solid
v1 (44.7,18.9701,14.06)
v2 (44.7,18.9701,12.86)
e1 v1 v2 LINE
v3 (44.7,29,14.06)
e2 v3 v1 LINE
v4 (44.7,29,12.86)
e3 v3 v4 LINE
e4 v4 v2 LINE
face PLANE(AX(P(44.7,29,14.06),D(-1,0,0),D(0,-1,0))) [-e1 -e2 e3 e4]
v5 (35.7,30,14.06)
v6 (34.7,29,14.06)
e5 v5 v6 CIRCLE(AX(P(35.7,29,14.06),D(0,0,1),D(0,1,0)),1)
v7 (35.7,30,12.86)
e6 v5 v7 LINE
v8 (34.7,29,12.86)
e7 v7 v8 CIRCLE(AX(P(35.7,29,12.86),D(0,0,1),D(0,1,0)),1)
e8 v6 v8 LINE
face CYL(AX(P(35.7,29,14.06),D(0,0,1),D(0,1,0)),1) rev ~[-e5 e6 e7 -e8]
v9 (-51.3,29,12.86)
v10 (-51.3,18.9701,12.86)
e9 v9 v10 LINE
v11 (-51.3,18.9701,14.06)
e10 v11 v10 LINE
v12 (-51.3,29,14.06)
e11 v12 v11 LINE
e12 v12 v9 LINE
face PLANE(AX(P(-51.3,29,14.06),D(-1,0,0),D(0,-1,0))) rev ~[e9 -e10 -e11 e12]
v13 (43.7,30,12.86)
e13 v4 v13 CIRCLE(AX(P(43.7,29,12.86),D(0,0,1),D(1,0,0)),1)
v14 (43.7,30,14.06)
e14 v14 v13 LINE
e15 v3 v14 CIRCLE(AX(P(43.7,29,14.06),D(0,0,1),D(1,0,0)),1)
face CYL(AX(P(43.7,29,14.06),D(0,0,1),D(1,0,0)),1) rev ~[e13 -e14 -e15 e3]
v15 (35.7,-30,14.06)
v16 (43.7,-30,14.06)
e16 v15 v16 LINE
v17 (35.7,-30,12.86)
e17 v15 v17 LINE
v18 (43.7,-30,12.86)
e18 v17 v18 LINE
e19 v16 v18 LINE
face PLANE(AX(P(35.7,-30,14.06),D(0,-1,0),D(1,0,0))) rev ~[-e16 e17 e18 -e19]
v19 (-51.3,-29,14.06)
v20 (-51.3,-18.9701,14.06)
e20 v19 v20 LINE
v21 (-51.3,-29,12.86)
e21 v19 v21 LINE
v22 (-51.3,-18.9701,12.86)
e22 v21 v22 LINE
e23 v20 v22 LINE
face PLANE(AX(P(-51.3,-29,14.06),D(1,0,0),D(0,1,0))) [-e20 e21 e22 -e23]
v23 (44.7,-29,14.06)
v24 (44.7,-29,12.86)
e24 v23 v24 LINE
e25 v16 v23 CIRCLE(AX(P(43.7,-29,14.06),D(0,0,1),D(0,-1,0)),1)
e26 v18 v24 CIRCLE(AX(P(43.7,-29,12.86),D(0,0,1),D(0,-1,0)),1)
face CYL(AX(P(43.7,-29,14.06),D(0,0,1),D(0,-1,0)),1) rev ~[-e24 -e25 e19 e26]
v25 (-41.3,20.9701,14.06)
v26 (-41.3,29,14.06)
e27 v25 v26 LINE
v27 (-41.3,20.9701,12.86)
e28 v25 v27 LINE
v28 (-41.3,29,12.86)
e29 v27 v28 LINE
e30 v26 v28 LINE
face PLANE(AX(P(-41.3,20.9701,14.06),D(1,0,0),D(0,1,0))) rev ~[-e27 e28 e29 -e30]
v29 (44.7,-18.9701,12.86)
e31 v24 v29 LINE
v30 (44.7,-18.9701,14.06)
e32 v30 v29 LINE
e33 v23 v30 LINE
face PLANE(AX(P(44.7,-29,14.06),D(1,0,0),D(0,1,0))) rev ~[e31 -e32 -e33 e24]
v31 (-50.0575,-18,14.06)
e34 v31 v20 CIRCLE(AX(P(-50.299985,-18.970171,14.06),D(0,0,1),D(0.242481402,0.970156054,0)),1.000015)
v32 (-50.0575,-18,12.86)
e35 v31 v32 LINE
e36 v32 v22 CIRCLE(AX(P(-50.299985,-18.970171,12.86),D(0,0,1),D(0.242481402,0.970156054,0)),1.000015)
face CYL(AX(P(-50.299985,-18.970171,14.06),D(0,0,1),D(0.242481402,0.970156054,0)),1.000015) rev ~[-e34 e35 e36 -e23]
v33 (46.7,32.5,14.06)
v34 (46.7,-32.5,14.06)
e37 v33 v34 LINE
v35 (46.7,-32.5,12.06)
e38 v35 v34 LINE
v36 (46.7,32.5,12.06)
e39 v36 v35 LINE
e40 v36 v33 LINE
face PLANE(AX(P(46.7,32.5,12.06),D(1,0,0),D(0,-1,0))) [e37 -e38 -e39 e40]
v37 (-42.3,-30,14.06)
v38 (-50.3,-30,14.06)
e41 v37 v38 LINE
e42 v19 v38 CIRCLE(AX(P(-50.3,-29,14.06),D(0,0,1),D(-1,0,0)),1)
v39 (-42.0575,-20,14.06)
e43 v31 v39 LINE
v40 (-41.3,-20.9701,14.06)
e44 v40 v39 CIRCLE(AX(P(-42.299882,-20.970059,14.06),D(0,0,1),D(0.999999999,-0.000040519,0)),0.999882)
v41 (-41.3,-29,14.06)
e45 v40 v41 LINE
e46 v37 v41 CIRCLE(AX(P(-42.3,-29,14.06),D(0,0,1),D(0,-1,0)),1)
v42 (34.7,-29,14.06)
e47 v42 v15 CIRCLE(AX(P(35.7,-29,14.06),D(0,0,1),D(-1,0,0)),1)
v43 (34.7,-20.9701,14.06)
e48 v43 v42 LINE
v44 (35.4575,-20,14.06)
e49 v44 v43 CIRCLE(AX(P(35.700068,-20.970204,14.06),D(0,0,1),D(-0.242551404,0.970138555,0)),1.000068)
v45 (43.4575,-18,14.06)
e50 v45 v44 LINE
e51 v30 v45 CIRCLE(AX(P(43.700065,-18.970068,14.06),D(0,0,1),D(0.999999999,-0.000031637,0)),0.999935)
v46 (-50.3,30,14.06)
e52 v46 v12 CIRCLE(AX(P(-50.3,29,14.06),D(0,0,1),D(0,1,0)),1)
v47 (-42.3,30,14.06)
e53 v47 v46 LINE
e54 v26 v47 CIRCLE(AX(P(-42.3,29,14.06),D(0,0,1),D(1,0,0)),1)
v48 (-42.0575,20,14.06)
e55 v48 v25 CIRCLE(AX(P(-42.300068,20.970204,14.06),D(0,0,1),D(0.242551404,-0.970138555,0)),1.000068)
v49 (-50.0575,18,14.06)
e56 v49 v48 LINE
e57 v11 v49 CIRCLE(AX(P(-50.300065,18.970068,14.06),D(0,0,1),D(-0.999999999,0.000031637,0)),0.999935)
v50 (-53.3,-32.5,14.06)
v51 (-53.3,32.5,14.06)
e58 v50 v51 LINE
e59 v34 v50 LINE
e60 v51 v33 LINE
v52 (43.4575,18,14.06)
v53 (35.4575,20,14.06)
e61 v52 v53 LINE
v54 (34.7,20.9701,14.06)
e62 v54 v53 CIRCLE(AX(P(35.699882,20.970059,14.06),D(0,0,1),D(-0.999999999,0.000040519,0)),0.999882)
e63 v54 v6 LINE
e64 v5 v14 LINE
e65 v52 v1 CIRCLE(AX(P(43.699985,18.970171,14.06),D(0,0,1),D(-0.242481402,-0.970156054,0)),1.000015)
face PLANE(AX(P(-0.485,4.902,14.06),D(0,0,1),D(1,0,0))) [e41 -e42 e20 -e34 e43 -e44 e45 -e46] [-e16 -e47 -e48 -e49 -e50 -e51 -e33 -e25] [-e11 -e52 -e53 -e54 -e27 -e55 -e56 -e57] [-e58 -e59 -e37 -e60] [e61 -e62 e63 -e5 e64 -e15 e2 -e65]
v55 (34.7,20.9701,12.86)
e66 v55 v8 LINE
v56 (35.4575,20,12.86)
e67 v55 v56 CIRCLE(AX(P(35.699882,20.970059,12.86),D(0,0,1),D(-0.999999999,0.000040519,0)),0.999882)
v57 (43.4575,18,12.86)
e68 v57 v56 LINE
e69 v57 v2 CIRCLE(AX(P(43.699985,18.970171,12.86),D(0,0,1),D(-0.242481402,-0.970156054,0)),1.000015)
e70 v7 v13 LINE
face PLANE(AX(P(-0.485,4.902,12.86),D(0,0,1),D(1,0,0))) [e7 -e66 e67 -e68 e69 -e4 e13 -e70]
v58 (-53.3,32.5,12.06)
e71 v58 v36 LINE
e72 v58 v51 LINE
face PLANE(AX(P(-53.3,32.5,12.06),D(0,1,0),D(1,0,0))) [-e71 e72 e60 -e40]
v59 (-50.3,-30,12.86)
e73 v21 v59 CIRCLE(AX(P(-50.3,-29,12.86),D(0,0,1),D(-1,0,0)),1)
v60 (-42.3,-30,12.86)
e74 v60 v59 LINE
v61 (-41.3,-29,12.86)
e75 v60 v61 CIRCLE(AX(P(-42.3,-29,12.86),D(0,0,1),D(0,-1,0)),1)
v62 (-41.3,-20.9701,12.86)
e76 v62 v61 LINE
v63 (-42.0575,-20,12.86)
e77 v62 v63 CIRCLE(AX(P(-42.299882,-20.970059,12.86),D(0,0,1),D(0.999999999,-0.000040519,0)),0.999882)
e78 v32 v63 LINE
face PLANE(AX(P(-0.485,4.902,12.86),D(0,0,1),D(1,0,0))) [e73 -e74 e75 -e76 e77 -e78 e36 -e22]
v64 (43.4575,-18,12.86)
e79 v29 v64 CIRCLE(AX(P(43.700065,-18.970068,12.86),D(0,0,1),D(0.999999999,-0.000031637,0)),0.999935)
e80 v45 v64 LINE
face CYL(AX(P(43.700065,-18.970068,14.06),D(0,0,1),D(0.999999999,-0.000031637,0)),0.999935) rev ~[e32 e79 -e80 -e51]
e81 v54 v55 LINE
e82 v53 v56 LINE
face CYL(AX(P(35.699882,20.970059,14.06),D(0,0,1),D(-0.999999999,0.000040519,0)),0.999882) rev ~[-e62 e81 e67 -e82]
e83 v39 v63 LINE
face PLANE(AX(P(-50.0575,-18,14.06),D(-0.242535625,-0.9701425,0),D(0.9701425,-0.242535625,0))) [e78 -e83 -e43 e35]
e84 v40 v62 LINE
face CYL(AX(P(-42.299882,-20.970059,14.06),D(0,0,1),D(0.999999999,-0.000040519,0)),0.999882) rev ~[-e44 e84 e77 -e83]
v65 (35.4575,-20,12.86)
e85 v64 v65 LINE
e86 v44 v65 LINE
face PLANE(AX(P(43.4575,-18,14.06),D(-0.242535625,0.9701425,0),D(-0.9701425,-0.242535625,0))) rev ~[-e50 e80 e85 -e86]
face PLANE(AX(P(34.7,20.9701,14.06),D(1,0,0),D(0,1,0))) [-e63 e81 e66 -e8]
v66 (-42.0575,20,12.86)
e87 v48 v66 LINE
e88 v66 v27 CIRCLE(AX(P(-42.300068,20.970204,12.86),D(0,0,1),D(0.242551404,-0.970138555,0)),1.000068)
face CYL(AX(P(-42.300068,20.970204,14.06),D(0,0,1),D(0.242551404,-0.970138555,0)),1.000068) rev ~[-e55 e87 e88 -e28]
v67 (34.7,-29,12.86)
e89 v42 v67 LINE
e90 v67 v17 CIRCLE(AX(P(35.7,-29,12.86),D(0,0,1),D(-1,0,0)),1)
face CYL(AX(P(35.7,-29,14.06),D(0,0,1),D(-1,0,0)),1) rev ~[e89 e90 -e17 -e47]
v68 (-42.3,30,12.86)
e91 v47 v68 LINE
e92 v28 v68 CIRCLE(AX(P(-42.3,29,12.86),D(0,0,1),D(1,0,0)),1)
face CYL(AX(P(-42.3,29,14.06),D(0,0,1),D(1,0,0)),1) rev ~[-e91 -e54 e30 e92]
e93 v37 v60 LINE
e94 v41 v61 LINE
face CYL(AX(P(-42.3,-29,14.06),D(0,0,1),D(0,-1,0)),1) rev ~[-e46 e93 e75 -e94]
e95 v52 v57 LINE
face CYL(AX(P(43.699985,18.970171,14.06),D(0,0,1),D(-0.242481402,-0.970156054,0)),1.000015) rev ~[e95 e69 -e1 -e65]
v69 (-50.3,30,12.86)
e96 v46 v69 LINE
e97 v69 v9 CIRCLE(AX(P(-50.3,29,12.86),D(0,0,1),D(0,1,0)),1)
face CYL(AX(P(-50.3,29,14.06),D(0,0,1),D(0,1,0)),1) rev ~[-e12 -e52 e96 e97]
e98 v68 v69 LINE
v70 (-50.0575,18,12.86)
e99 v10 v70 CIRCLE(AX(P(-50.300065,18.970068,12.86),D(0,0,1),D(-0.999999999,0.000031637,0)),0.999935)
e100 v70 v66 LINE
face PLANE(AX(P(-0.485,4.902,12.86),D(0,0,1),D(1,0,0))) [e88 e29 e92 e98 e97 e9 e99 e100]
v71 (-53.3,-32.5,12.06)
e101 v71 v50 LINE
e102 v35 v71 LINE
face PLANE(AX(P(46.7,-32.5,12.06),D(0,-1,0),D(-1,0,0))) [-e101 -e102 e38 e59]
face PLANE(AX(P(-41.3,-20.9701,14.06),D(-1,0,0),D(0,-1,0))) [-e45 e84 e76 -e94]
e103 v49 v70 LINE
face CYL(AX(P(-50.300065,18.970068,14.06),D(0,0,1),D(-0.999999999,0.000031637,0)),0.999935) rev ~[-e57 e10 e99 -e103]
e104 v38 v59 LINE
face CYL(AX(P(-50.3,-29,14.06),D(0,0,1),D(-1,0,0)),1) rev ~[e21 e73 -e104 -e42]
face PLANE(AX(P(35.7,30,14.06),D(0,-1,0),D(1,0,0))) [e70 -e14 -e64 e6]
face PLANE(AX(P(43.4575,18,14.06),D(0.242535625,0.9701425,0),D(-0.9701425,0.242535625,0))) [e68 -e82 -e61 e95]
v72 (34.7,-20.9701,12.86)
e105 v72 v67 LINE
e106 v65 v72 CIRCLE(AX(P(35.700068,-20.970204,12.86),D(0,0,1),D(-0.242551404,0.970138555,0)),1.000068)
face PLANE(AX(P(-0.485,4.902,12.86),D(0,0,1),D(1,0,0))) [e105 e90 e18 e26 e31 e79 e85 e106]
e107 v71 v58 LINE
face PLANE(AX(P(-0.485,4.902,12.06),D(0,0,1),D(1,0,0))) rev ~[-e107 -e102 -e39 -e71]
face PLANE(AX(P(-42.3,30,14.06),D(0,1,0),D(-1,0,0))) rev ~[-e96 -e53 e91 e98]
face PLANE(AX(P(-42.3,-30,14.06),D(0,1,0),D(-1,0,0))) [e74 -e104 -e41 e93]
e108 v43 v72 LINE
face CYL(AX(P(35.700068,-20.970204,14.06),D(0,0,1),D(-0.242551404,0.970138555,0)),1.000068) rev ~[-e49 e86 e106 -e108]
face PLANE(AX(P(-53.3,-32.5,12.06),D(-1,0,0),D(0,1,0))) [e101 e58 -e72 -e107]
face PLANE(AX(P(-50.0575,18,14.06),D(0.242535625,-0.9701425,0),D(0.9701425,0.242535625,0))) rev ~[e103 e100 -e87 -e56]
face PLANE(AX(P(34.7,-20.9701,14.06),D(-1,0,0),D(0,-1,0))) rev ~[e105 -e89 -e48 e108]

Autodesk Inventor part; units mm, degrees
ref_plane "YZ Plane" through (0, 0, 0) normal (1, 0, 0) x (0, 1, 0)
ref_plane "XZ Plane" through (0, 0, 0) normal (0, 1, 0) x (-1, 0, 0)
ref_plane "XY Plane" through (0, 0, 0) normal (0, 0, 1) x (1, 0, 0)
ref_plane "Work Plane1" through (-0.485, 4.902, 12.06) normal (0, 0, 1) x (1, 0, 0)
sketch "Sketch1" plane through (-0.485, 4.902, 12.06) normal (0, 0, 1) x (1, 0, 0)
  line L0 (-52.815, 27.598) -> (47.185, 27.598)
  line L1 (47.185, 27.598) -> (47.185, -37.402)
  line L2 (47.185, -37.402) -> (-52.815, -37.402)
  line L3 (-52.815, -37.402) -> (-52.815, 27.598)
  line L4 (-52.815, 27.598) -> (47.185, -37.402) construction
  line L5 (47.185, 27.598) -> (-52.815, -37.402) construction
  line L6 (46.185, -13.982) -> (46.185, -20.322) projected
  line L7 (0.485, -4.902) -> (-19.0054, -4.902) construction
  point P0 (-2.815, -4.902)
  point P1 (-2.815, -4.902)
  dimension "d0" = 100
  dimension "d1" = 65
  dimension "d2" = 1
extrude "Extrusion1" add sketch "Sketch1" along normal blind 2
sketch "Sketch2" plane through (-0.485, 4.902, 14.06) normal (0, 0, 1) x (1, 0, 0)
  line L0 (36.185, 25.098) -> (44.185, 25.098)
  line L1 (45.185, 24.098) -> (45.185, 14.0681)
  line L2 (43.9425, 13.098) -> (35.9425, 15.098)
  line L3 (35.185, 16.0681) -> (35.185, 24.098)
  arc A0 (36.185, 25.098) -> (35.185, 24.098) centre (36.185, 24.098) ccw
  arc A1 (45.185, 24.098) -> (44.185, 25.098) centre (44.185, 24.098) ccw
  arc A2 (43.9425, 13.098) -> (45.185, 14.0681) centre (44.185, 14.0681) ccw
  arc A3 (35.185, 16.0681) -> (35.9425, 15.098) centre (36.185, 16.0681) ccw
  line L4 (-2.815, -4.902) -> (-2.815, 4.2729) construction
  line L5 (-2.815, -4.902) -> (-9.8185, -4.902) construction
  line L6 (-41.815, 25.098) -> (-49.815, 25.098)
  line L7 (-50.815, 24.098) -> (-50.815, 14.0681)
  line L8 (-49.5725, 13.098) -> (-41.5725, 15.098)
  line L9 (-40.815, 16.0681) -> (-40.815, 24.098)
  arc A4 (-40.815, 24.098) -> (-41.815, 25.098) centre (-41.815, 24.098) ccw
  arc A5 (-49.815, 25.098) -> (-50.815, 24.098) centre (-49.815, 24.098) ccw
  arc A6 (-50.815, 14.0681) -> (-49.5725, 13.098) centre (-49.815, 14.0681) ccw
  arc A7 (-41.5725, 15.098) -> (-40.815, 16.0681) centre (-41.815, 16.0681) ccw
  line L10 (36.185, -34.902) -> (44.185, -34.902)
  line L11 (45.185, -33.902) -> (45.185, -23.8721)
  line L12 (43.9425, -22.902) -> (35.9425, -24.902)
  line L13 (35.185, -25.8721) -> (35.185, -33.902)
  arc A8 (35.185, -33.902) -> (36.185, -34.902) centre (36.185, -33.902) ccw
  arc A9 (44.185, -34.902) -> (45.185, -33.902) centre (44.185, -33.902) ccw
  arc A10 (45.185, -23.8721) -> (43.9425, -22.902) centre (44.185, -23.8721) ccw
  arc A11 (35.9425, -24.902) -> (35.185, -25.8721) centre (36.185, -25.8721) ccw
  line L14 (-41.815, -34.902) -> (-49.815, -34.902)
  line L15 (-50.815, -33.902) -> (-50.815, -23.8721)
  line L16 (-49.5725, -22.902) -> (-41.5725, -24.902)
  line L17 (-40.815, -25.8721) -> (-40.815, -33.902)
  arc A12 (-41.815, -34.902) -> (-40.815, -33.902) centre (-41.815, -33.902) ccw
  arc A13 (-50.815, -33.902) -> (-49.815, -34.902) centre (-49.815, -33.902) ccw
  arc A14 (-49.5725, -22.902) -> (-50.815, -23.8721) centre (-49.815, -23.8721) ccw
  arc A15 (-40.815, -25.8721) -> (-41.5725, -24.902) centre (-41.815, -25.8721) ccw
  line L18 (47.185, -37.402) -> (47.185, 27.598) projected
  line L19 (-52.815, -37.402) -> (47.185, -37.402) projected
  point P0 (0.485, -4.902)
  dimension "d5" = 1
  dimension "d6" = 10
  dimension "d7" = 10
  dimension "d8" = 12
  dimension "d9" = 60
  dimension "d10" = 96
  dimension "d11" = 2
  dimension "d12" = 2.5
extrude "Extrusion2" cut sketch "Sketch2" against normal blind 1.2
properties part number "enclosuret"
